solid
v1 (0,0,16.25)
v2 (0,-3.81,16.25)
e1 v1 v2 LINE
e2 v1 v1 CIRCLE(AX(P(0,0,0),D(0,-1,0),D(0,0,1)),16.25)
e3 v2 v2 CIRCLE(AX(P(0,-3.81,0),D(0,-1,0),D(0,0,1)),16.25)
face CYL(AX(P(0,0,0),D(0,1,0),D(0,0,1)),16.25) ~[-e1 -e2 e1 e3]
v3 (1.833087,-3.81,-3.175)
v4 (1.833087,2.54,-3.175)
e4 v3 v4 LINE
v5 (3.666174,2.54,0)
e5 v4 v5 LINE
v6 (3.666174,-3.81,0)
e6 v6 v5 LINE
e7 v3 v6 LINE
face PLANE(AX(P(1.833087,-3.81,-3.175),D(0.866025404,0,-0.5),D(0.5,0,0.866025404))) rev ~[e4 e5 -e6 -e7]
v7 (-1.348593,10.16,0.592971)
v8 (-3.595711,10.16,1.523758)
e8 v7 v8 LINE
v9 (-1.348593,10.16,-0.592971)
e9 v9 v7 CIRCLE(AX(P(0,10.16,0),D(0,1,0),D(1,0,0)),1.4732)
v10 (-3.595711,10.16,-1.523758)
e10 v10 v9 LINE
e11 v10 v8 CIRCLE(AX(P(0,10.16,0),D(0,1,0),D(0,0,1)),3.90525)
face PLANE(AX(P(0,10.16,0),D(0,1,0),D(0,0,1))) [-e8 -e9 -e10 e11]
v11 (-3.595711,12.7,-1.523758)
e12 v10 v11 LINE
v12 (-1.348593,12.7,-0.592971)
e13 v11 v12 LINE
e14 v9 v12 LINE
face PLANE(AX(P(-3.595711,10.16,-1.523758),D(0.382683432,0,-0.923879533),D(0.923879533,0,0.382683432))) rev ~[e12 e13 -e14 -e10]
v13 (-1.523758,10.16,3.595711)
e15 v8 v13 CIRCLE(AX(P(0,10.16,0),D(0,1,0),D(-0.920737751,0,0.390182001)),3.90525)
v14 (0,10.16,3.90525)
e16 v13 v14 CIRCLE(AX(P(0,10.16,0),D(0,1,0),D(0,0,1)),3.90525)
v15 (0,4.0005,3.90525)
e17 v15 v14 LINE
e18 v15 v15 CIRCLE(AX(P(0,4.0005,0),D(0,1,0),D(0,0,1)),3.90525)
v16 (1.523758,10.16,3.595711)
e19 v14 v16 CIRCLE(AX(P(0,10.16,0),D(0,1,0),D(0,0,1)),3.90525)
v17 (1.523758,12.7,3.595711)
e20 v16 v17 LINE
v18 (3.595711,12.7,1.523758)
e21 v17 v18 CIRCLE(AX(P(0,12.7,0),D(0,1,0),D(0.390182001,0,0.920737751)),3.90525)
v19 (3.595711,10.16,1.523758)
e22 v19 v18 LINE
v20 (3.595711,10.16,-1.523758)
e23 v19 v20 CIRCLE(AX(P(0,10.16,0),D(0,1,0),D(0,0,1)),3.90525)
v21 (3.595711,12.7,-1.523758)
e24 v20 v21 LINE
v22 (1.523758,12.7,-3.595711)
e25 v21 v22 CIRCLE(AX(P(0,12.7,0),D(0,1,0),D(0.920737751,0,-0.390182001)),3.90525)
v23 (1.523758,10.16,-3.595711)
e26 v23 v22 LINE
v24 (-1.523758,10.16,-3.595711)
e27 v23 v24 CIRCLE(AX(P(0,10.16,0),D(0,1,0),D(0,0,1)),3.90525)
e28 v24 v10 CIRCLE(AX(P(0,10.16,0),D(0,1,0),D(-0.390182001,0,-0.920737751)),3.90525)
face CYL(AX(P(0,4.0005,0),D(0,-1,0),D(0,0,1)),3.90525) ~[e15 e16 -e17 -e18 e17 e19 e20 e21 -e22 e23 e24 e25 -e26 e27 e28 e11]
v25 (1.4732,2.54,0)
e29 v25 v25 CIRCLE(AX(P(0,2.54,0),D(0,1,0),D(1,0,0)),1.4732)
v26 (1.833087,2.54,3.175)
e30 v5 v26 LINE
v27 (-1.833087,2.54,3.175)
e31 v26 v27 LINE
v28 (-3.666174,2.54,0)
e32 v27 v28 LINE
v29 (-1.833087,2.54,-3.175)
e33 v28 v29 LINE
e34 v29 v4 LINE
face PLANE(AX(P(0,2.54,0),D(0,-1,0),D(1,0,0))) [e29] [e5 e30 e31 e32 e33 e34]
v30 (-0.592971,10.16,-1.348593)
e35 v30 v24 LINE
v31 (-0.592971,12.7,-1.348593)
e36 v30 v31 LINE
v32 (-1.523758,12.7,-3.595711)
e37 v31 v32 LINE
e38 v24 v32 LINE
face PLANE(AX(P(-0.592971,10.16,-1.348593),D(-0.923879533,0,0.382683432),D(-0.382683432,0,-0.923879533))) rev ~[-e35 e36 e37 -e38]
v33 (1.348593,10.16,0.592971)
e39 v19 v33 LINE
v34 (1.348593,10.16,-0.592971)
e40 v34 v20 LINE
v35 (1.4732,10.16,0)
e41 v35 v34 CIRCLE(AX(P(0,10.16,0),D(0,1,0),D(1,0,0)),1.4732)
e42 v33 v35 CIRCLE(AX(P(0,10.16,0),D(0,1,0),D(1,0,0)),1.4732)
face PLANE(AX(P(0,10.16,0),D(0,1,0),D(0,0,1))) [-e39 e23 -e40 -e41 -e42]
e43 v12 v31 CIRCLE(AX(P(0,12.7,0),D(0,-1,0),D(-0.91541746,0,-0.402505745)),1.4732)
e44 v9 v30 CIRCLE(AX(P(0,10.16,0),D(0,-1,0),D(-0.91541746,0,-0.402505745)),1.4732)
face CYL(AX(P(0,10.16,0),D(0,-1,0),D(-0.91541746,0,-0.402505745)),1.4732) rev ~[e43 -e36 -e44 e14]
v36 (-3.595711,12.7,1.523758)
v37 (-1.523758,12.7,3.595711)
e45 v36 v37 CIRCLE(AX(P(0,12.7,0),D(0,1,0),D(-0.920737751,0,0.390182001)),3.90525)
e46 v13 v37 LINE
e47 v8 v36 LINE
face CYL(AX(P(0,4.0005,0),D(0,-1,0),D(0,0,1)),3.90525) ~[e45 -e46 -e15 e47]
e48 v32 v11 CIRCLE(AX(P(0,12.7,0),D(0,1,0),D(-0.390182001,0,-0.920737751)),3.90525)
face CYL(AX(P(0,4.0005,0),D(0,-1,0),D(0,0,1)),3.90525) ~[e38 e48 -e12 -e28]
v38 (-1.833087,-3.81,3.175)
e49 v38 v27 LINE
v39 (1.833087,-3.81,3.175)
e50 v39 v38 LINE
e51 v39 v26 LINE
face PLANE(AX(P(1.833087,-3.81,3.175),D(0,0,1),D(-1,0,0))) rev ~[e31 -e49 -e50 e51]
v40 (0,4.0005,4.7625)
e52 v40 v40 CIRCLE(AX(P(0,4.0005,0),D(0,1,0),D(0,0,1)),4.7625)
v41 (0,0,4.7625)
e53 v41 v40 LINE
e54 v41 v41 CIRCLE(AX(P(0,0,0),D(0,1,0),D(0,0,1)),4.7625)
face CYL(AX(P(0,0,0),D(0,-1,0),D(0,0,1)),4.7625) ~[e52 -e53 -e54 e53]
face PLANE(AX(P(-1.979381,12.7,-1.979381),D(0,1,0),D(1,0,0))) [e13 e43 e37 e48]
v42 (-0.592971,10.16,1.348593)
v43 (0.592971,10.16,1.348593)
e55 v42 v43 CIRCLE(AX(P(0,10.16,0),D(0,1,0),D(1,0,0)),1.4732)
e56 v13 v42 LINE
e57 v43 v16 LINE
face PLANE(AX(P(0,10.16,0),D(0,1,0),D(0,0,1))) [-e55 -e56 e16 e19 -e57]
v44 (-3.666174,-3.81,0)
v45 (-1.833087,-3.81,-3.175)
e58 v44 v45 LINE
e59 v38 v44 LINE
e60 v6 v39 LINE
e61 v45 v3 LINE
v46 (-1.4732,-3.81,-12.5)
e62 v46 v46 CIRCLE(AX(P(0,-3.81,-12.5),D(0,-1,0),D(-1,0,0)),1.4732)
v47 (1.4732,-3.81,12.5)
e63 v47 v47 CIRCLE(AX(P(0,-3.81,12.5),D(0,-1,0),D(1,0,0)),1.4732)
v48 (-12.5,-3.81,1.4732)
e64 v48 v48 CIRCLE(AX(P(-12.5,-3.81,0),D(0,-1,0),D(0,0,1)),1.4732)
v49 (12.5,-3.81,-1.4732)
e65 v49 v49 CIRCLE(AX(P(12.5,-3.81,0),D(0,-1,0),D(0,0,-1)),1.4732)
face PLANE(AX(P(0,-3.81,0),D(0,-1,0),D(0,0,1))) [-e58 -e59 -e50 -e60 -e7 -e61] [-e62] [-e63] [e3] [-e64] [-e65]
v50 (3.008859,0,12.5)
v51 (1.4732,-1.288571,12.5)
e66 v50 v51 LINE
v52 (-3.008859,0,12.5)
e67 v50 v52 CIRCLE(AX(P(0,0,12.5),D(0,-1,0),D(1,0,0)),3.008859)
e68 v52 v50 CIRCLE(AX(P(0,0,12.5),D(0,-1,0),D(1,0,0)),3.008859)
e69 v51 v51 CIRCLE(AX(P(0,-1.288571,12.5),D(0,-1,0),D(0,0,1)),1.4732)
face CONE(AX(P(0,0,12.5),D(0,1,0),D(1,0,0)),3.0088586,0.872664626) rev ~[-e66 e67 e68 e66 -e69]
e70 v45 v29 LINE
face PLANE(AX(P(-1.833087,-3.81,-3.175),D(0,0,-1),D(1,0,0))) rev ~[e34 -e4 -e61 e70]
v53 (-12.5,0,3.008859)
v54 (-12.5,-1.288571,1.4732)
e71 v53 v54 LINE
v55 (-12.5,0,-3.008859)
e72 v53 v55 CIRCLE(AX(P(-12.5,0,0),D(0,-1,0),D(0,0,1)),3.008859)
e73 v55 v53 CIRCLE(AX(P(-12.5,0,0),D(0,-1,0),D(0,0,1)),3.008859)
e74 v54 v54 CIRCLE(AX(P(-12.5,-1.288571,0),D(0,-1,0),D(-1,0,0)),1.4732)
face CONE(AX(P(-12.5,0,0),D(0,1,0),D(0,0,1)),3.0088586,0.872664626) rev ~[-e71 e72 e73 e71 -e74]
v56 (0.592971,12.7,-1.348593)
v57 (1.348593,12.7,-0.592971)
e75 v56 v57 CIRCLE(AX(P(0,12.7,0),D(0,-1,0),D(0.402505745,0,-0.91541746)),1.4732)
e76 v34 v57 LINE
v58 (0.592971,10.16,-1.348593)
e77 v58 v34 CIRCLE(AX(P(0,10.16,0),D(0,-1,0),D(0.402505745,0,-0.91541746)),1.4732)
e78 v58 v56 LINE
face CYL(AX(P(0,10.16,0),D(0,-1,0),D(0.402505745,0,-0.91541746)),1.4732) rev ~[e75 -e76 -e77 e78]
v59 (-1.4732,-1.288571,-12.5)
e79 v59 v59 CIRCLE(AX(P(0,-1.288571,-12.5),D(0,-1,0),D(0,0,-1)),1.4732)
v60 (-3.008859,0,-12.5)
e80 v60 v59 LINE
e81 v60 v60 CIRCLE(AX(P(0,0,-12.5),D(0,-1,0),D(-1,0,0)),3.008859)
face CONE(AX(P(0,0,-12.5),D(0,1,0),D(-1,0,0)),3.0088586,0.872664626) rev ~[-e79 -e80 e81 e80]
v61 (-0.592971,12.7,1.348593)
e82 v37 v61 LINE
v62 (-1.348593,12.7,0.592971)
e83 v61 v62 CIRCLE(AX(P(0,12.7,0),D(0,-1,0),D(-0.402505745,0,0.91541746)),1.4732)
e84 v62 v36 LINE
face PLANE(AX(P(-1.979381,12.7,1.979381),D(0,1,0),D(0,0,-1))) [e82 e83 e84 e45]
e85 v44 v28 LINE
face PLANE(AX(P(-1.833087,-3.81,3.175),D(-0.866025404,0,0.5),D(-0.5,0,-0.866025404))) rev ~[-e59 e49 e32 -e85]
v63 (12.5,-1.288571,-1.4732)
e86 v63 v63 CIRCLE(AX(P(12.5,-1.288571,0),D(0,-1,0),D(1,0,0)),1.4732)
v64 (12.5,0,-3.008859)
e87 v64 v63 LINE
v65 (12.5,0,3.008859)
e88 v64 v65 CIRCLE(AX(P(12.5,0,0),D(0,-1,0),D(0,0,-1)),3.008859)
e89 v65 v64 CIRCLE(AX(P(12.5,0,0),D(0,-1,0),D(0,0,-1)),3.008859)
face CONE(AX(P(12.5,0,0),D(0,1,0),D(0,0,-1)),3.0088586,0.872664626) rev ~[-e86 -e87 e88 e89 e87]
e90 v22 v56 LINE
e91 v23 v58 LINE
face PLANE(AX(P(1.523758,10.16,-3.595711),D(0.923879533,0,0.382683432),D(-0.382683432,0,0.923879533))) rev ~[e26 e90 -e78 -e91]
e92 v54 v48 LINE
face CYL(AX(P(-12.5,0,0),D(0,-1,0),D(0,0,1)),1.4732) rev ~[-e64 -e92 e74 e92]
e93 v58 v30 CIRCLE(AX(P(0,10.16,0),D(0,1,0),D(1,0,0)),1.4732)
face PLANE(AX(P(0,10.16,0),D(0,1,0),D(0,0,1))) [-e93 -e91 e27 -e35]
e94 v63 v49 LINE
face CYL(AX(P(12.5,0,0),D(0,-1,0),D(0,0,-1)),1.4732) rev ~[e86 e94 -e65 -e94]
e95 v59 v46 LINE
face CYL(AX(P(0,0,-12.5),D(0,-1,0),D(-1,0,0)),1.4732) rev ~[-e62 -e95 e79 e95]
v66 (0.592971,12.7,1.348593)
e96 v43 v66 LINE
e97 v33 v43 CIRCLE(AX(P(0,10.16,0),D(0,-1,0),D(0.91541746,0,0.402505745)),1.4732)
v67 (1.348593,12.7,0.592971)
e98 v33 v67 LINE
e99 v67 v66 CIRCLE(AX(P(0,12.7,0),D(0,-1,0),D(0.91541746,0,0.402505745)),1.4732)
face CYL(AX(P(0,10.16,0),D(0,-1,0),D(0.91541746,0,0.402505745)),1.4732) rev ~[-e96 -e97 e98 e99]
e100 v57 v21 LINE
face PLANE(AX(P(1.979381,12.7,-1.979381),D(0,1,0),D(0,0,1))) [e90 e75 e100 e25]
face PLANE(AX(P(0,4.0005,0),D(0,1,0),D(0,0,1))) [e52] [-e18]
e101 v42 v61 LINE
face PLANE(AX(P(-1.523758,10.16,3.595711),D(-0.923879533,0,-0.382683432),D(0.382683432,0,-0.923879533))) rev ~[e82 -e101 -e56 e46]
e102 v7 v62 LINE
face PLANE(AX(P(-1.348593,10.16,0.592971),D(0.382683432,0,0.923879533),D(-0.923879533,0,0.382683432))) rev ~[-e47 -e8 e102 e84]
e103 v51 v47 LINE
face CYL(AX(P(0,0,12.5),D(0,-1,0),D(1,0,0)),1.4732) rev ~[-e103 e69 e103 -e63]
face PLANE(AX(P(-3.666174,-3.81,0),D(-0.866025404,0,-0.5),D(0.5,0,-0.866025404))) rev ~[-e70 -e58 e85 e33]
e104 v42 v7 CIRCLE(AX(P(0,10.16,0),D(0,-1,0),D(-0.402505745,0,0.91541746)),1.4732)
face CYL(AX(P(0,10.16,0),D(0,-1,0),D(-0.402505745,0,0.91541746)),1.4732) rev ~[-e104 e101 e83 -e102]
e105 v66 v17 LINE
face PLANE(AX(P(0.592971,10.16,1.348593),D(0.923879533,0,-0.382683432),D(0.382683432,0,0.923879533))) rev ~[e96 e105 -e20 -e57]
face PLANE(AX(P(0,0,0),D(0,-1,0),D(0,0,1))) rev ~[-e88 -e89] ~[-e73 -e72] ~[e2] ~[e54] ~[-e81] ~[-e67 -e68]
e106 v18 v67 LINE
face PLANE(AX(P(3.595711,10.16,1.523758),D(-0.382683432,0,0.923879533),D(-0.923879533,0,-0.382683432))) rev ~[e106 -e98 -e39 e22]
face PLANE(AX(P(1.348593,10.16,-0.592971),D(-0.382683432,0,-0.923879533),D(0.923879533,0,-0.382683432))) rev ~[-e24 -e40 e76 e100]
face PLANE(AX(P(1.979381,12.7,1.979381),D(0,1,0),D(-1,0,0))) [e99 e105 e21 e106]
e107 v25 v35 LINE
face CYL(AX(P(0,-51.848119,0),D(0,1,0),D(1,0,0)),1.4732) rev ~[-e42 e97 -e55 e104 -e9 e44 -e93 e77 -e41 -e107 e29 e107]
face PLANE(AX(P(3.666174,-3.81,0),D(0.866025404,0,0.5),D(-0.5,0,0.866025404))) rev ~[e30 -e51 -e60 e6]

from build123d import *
from build123d.topology import SkipClean

# Parameters (mm, degrees)
SKETCH1_R                                         = 4.7625
BOSS_EXTRUDE1_DEPTH                               = 10.16
SKETCH3_R                                         = 16.25
BOSS_EXTRUDE2_DEPTH                               = 3.81
F_4_CLEARANCE_HOLE1_D                             = 2.9464
CUT_EXTRUDE1_START                                = -6.1595
SKETCH6_R                                         = 4.7625
SKETCH6_R_2                                       = 3.90525
CUT_EXTRUDE1_DEPTH                                = 6.1595
CUT_EXTRUDE4_DEPTH                                = 6.35
BOSS_EXTRUDE3_DEPTH                               = 2.54
CIRPATTERN1_COUNT                                 = 4
CSK_FOR_4_FLAT_HEAD_MACHINE_SCREW_100_D           = 2.9464
CSK_FOR_4_FLAT_HEAD_MACHINE_SCREW_100_CSINK_D     = 6.0177172
CSK_FOR_4_FLAT_HEAD_MACHINE_SCREW_100_CSINK_ANGLE = 100
CIRPATTERN2_COUNT                                 = 4


with BuildPart() as part:
    # Sketch1 → Boss-Extrude1 (new body)
    with BuildSketch(Plane(origin=(0, 0, 0), x_dir=(1, 0, 0), z_dir=(0, 1, 0))):
        with Locations(Location((0, 0, 0), (0, 0, 270))):
            Circle(SKETCH1_R)
    extrude(amount=BOSS_EXTRUDE1_DEPTH)

    # Sketch3 → Boss-Extrude2 (add)
    with BuildSketch(Plane.XZ):
        with Locations(Location((0, 0, 0), (0, 0, 90))):
            Circle(SKETCH3_R)
    extrude(amount=BOSS_EXTRUDE2_DEPTH)

    # #4 Clearance Hole1 (through all)
    with Locations(Plane(origin=(0, -3.81, 0), x_dir=(-1, 0, 0), z_dir=(0, -1, 0))):
        with Locations((0, 0)):
            Hole(F_4_CLEARANCE_HOLE1_D / 2)

    # Sketch6 → Cut-Extrude1 (cut)
    with BuildSketch(Plane(origin=(0, 10.16, 0), x_dir=(1, 0, 0), z_dir=(0, 1, 0)).offset(CUT_EXTRUDE1_START)):
        with Locations(Location((0, 0, 0), (0, 0, 270))):
            Circle(SKETCH6_R)
        with Locations(Location((0, 0, 0), (0, 0, 270))):
            Circle(SKETCH6_R_2, mode=Mode.SUBTRACT)
    extrude(amount=CUT_EXTRUDE1_DEPTH, mode=Mode.SUBTRACT)

    # Sketch7 → Cut-Extrude4 (cut)
    with BuildSketch(Plane.XZ.offset(3.81)):
        Polygon((-3.666174209, 0), (-1.833087105, -3.175), (1.833087105, -3.175), (3.666174209, 0), (1.833087105, 3.175), (-1.833087105, 3.175), align=None)
    extrude(amount=-CUT_EXTRUDE4_DEPTH, mode=Mode.SUBTRACT)

    # Sketch8 → Boss-Extrude3 (add)
    with BuildSketch(Plane(origin=(0, 10.16, 0), x_dir=(1, 0, 0), z_dir=(0, 1, 0))):
        with BuildLine():
            Line((-0.592971464, 1.348593001), (-1.523758258, 3.595711103))
            ThreePointArc((-1.523758258, 3.595711103), (-2.761428757, 2.761428757), (-3.595711103, 1.523758258))
            Line((-3.595711103, 1.523758258), (-1.348593001, 0.592971464))
            ThreePointArc((-1.348593001, 0.592971464), (-1.04170971, 1.04170971), (-0.592971464, 1.348593001))
        make_face()
    boss_extrude3 = extrude(amount=BOSS_EXTRUDE3_DEPTH)

    # CirPattern1: Boss-Extrude3 ×4 about axis
    with SkipClean():  # the faces are left unmerged after this step: merging them gives an invalid solid
        cirpattern1_axis = Axis((0, 0, 0), (0, 1, 0))
        for i in range(1, CIRPATTERN1_COUNT):
            add(boss_extrude3.rotate(cirpattern1_axis, i * 360 / CIRPATTERN1_COUNT))

    # CSK for #4 Flat Head Machine Screw (100)1 (through all)
    with Locations(Plane(origin=(0, 0, 0), x_dir=(1, 0, 0), z_dir=(0, 1, 0))):
        with Locations((0, 12.5)):
            csk_for_4_flat_head_machine_screw_100 = CounterSinkHole(CSK_FOR_4_FLAT_HEAD_MACHINE_SCREW_100_D / 2, CSK_FOR_4_FLAT_HEAD_MACHINE_SCREW_100_CSINK_D / 2, counter_sink_angle=CSK_FOR_4_FLAT_HEAD_MACHINE_SCREW_100_CSINK_ANGLE)

    # CirPattern2: CSK for #4 Flat Head Machine Screw (100)1 ×4 about axis
    with SkipClean():  # the faces are left unmerged after this step: merging them gives an invalid solid
        cirpattern2_axis = Axis((0, 0, 0), (0, 1, 0))
        for i in range(1, CIRPATTERN2_COUNT):
            add(csk_for_4_flat_head_machine_screw_100.rotate(cirpattern2_axis, i * 360 / CIRPATTERN2_COUNT), mode=Mode.SUBTRACT)


solid = part.part
